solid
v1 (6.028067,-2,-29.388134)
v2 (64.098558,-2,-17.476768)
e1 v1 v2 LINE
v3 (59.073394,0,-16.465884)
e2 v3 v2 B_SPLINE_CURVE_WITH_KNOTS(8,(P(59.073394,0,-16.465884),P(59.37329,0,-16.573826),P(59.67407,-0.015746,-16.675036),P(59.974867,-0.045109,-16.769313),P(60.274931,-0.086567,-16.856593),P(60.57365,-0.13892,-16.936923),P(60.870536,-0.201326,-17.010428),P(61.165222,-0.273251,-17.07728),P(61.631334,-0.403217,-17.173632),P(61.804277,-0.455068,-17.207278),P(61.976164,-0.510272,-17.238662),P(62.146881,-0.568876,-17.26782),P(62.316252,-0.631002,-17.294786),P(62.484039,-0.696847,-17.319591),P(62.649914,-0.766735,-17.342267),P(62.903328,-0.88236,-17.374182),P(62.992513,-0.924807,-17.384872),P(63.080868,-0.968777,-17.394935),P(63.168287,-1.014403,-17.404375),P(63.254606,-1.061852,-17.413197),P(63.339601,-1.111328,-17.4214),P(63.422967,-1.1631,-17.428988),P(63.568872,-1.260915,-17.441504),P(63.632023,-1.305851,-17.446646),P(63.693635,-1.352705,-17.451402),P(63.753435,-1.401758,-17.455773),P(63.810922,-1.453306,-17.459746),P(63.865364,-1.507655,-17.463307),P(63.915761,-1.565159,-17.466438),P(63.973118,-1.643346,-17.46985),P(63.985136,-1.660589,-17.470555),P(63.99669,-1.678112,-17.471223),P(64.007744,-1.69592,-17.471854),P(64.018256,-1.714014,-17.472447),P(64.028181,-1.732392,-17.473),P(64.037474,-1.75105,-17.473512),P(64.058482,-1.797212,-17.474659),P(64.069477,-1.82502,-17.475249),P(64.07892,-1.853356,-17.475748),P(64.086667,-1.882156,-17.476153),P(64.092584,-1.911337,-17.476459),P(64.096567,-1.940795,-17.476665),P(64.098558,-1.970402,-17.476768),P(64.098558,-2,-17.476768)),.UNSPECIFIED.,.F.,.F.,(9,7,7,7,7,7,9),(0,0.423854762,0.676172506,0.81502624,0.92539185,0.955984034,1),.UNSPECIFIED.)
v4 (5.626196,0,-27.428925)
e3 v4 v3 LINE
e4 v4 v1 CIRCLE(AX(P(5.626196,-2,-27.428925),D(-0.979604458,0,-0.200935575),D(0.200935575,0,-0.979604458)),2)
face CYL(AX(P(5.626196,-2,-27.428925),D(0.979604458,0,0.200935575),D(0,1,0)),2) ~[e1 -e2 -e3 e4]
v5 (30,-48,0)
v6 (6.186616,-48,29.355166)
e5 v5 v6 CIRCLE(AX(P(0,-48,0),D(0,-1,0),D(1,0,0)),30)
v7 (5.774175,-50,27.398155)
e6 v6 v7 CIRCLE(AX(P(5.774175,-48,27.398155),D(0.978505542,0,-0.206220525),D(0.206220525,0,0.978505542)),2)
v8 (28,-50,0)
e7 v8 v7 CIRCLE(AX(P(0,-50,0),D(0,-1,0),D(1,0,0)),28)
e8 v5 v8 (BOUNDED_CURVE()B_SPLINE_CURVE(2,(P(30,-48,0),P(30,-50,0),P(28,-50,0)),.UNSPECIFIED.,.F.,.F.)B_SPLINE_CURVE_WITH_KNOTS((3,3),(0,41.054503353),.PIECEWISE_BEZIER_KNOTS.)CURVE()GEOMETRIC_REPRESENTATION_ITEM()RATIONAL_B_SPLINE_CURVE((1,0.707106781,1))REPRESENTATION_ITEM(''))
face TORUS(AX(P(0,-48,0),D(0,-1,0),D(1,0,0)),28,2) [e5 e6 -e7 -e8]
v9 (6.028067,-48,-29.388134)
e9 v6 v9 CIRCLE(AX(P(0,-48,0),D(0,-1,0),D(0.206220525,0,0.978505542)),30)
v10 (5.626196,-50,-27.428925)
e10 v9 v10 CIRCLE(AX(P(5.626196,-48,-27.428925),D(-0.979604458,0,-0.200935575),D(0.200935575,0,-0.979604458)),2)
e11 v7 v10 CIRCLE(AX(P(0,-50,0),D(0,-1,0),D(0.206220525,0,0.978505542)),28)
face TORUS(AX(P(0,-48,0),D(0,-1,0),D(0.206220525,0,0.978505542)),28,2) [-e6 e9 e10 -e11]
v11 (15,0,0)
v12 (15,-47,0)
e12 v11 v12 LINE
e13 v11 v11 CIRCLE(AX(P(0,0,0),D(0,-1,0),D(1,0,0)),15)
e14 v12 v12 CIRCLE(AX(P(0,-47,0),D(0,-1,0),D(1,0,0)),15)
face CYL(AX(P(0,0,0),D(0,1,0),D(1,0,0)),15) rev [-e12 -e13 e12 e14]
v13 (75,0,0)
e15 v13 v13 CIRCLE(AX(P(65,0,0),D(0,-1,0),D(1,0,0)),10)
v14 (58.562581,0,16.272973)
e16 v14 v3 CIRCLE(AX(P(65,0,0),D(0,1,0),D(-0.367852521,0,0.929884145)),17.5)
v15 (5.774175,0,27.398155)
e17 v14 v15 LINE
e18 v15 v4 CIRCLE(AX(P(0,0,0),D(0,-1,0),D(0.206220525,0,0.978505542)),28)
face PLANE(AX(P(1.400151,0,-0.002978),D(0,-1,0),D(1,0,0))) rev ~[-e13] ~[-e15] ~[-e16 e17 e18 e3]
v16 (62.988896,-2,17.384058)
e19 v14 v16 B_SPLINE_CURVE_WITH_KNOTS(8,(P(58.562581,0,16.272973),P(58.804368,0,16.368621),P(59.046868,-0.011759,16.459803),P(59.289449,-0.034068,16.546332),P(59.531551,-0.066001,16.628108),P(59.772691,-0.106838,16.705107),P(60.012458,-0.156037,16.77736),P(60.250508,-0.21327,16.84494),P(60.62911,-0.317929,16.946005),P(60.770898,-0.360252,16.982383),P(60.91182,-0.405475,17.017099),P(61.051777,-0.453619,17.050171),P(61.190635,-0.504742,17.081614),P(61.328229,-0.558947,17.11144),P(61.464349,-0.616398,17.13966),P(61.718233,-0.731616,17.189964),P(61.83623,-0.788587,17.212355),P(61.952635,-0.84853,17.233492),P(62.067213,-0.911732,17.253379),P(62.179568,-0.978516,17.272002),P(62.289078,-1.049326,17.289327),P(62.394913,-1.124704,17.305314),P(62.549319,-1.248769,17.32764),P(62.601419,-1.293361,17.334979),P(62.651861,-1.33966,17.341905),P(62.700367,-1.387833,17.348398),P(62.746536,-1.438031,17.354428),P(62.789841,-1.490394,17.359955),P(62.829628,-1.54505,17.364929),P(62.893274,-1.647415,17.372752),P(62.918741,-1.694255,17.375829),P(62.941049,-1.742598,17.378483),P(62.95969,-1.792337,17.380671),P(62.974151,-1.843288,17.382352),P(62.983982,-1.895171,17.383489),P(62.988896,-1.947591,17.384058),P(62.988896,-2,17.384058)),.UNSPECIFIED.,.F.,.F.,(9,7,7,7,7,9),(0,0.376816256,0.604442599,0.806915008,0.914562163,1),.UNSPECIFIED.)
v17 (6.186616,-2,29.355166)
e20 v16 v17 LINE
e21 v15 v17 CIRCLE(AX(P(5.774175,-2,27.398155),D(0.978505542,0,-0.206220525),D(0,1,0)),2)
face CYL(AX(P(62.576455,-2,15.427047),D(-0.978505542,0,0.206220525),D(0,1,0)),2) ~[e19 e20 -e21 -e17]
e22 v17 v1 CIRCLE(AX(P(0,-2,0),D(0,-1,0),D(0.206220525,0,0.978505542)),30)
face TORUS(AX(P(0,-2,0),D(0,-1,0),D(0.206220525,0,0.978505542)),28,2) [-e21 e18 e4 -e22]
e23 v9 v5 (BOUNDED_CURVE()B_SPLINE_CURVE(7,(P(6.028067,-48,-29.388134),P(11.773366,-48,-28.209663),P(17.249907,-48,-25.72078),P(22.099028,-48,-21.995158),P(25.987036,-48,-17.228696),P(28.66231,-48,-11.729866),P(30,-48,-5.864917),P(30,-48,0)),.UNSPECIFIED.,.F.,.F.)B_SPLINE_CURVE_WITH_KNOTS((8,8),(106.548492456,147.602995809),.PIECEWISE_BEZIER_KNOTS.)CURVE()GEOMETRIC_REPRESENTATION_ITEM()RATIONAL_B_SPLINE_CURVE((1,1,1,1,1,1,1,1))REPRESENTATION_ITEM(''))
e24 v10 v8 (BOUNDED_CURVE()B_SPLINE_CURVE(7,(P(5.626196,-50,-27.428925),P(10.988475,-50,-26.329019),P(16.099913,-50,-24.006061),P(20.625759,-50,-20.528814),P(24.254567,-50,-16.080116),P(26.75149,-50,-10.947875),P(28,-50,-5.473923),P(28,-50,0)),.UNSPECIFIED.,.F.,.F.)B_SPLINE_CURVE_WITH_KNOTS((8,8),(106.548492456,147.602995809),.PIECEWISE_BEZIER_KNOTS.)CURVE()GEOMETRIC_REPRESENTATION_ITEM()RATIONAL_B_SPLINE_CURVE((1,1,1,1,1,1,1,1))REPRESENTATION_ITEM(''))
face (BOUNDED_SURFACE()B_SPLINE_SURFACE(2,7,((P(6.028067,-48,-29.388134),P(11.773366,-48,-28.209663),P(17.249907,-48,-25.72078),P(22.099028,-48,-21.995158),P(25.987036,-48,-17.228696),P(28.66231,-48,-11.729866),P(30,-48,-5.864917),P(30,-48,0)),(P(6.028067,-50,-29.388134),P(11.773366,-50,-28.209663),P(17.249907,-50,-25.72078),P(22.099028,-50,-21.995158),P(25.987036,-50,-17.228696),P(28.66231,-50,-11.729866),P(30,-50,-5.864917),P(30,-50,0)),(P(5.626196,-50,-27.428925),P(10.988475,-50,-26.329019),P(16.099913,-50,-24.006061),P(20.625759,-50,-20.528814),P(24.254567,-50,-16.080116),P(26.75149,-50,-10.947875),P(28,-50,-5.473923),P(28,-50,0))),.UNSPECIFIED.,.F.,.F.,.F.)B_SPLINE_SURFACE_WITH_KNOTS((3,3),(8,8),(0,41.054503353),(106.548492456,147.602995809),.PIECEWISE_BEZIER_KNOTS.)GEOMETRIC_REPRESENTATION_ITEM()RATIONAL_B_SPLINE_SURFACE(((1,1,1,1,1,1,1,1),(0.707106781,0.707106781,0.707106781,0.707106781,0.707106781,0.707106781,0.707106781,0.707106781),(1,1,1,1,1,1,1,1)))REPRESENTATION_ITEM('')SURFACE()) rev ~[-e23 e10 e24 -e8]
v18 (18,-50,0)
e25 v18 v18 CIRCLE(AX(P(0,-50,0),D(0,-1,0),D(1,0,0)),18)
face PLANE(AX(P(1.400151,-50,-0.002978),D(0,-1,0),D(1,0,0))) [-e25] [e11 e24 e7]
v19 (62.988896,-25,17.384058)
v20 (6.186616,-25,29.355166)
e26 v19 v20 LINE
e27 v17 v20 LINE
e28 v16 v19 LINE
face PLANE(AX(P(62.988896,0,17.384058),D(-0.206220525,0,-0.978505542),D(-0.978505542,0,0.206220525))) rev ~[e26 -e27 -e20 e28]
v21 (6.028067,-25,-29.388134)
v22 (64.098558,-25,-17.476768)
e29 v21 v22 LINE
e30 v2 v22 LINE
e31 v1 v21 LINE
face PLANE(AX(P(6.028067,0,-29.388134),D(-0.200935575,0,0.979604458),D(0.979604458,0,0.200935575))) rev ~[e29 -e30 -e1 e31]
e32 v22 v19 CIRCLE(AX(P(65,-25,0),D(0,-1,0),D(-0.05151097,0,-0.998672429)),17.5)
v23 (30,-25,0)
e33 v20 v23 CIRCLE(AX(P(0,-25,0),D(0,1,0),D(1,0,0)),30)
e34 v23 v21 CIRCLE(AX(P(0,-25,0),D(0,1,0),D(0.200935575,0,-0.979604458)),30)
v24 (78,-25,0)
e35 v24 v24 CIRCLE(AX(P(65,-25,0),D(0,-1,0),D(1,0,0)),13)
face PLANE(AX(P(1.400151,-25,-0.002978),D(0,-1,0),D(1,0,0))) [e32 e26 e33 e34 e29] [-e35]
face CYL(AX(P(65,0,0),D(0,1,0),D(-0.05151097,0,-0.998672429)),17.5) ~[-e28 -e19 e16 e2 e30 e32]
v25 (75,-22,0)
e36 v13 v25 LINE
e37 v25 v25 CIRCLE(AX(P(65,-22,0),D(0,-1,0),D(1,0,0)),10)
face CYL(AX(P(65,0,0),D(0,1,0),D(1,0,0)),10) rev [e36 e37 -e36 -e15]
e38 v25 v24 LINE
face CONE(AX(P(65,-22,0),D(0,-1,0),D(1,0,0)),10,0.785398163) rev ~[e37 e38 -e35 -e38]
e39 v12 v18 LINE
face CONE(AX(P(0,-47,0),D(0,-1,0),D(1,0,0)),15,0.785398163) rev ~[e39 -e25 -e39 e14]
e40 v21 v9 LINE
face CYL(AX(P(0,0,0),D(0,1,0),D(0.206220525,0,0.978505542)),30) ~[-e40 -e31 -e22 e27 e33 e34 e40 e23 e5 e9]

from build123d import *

# Parameters (mm, degrees)
F0_R     = 15
F0_R_2   = 10
F1_DEPTH = 25
F2_DEPTH = 50
F3_SIZE  = 3
F4_R     = 2


with BuildPart() as f1:
    # F0 (on Front) → F1 (new body)
    with BuildSketch(Plane.XZ):
        with BuildLine():
            ThreePointArc((6.0280672627, -29.3881337461), (23.2469569824, -18.9625681557), (30, 0))
            ThreePointArc((30, 0), (23.2980522028, 18.899755648), (6.186615763, 29.3551662472))
            ThreePointArc((6.186615763, 29.3551662472), (-29.9998907311, 0.0809698754), (6.0280672627, -29.3881337461))
        make_face()
        Circle(F0_R, mode=Mode.SUBTRACT)
        with BuildLine():
            ThreePointArc((6.186615763, 29.3551662472), (23.2980522028, 18.899755648), (30, 0))
            ThreePointArc((30, 0), (23.2469569824, -18.9625681557), (6.0280672627, -29.3881337461))
            Line((6.0280672627, -29.3881337461), (64.0985580176, -17.476767503))
            ThreePointArc((64.0985580176, -17.476767503), (47.5088589909, -0.5567640428), (62.9888960495, 17.384057665))
            Line((62.9888960495, 17.384057665), (6.186615763, 29.3551662472))
        make_face()
        with BuildLine():
            ThreePointArc((82.5, 0), (76.6416425144, 13.0660690174), (62.9888960495, 17.384057665))
            ThreePointArc((62.9888960495, 17.384057665), (47.5088589909, -0.5567640428), (64.0985580176, -17.476767503))
            ThreePointArc((64.0985580176, -17.476767503), (77.0514473261, -12.6890747238), (82.5, 0))
        make_face()
        with Locations((65, 0)):
            Circle(F0_R_2, mode=Mode.SUBTRACT)
    extrude(amount=F1_DEPTH)

    # F0 (on Front) → F2 (join)
    with BuildSketch(Plane.XZ):
        with BuildLine():
            ThreePointArc((6.0280672627, -29.3881337461), (23.2469569824, -18.9625681557), (30, 0))
            ThreePointArc((30, 0), (23.2980522028, 18.899755648), (6.186615763, 29.3551662472))
            ThreePointArc((6.186615763, 29.3551662472), (-29.9998907311, 0.0809698754), (6.0280672627, -29.3881337461))
        make_face()
        Circle(F0_R, mode=Mode.SUBTRACT)
    extrude(amount=F2_DEPTH)

    # F3
    f3_edges = [f1.edges().sort_by_distance(p)[0] for p in [
        (-15, -50, 0),
        (55, -25, 0),
    ]]
    chamfer(f3_edges, length=F3_SIZE)

    # F4
    f4_edges = [f1.edges().sort_by_distance(p)[0] for p in [
        (-6.028067, -50, 29.388134),
        (35.063313, 0, -23.432451),
    ]]
    fillet(f4_edges, radius=F4_R)


solid = f1.part
